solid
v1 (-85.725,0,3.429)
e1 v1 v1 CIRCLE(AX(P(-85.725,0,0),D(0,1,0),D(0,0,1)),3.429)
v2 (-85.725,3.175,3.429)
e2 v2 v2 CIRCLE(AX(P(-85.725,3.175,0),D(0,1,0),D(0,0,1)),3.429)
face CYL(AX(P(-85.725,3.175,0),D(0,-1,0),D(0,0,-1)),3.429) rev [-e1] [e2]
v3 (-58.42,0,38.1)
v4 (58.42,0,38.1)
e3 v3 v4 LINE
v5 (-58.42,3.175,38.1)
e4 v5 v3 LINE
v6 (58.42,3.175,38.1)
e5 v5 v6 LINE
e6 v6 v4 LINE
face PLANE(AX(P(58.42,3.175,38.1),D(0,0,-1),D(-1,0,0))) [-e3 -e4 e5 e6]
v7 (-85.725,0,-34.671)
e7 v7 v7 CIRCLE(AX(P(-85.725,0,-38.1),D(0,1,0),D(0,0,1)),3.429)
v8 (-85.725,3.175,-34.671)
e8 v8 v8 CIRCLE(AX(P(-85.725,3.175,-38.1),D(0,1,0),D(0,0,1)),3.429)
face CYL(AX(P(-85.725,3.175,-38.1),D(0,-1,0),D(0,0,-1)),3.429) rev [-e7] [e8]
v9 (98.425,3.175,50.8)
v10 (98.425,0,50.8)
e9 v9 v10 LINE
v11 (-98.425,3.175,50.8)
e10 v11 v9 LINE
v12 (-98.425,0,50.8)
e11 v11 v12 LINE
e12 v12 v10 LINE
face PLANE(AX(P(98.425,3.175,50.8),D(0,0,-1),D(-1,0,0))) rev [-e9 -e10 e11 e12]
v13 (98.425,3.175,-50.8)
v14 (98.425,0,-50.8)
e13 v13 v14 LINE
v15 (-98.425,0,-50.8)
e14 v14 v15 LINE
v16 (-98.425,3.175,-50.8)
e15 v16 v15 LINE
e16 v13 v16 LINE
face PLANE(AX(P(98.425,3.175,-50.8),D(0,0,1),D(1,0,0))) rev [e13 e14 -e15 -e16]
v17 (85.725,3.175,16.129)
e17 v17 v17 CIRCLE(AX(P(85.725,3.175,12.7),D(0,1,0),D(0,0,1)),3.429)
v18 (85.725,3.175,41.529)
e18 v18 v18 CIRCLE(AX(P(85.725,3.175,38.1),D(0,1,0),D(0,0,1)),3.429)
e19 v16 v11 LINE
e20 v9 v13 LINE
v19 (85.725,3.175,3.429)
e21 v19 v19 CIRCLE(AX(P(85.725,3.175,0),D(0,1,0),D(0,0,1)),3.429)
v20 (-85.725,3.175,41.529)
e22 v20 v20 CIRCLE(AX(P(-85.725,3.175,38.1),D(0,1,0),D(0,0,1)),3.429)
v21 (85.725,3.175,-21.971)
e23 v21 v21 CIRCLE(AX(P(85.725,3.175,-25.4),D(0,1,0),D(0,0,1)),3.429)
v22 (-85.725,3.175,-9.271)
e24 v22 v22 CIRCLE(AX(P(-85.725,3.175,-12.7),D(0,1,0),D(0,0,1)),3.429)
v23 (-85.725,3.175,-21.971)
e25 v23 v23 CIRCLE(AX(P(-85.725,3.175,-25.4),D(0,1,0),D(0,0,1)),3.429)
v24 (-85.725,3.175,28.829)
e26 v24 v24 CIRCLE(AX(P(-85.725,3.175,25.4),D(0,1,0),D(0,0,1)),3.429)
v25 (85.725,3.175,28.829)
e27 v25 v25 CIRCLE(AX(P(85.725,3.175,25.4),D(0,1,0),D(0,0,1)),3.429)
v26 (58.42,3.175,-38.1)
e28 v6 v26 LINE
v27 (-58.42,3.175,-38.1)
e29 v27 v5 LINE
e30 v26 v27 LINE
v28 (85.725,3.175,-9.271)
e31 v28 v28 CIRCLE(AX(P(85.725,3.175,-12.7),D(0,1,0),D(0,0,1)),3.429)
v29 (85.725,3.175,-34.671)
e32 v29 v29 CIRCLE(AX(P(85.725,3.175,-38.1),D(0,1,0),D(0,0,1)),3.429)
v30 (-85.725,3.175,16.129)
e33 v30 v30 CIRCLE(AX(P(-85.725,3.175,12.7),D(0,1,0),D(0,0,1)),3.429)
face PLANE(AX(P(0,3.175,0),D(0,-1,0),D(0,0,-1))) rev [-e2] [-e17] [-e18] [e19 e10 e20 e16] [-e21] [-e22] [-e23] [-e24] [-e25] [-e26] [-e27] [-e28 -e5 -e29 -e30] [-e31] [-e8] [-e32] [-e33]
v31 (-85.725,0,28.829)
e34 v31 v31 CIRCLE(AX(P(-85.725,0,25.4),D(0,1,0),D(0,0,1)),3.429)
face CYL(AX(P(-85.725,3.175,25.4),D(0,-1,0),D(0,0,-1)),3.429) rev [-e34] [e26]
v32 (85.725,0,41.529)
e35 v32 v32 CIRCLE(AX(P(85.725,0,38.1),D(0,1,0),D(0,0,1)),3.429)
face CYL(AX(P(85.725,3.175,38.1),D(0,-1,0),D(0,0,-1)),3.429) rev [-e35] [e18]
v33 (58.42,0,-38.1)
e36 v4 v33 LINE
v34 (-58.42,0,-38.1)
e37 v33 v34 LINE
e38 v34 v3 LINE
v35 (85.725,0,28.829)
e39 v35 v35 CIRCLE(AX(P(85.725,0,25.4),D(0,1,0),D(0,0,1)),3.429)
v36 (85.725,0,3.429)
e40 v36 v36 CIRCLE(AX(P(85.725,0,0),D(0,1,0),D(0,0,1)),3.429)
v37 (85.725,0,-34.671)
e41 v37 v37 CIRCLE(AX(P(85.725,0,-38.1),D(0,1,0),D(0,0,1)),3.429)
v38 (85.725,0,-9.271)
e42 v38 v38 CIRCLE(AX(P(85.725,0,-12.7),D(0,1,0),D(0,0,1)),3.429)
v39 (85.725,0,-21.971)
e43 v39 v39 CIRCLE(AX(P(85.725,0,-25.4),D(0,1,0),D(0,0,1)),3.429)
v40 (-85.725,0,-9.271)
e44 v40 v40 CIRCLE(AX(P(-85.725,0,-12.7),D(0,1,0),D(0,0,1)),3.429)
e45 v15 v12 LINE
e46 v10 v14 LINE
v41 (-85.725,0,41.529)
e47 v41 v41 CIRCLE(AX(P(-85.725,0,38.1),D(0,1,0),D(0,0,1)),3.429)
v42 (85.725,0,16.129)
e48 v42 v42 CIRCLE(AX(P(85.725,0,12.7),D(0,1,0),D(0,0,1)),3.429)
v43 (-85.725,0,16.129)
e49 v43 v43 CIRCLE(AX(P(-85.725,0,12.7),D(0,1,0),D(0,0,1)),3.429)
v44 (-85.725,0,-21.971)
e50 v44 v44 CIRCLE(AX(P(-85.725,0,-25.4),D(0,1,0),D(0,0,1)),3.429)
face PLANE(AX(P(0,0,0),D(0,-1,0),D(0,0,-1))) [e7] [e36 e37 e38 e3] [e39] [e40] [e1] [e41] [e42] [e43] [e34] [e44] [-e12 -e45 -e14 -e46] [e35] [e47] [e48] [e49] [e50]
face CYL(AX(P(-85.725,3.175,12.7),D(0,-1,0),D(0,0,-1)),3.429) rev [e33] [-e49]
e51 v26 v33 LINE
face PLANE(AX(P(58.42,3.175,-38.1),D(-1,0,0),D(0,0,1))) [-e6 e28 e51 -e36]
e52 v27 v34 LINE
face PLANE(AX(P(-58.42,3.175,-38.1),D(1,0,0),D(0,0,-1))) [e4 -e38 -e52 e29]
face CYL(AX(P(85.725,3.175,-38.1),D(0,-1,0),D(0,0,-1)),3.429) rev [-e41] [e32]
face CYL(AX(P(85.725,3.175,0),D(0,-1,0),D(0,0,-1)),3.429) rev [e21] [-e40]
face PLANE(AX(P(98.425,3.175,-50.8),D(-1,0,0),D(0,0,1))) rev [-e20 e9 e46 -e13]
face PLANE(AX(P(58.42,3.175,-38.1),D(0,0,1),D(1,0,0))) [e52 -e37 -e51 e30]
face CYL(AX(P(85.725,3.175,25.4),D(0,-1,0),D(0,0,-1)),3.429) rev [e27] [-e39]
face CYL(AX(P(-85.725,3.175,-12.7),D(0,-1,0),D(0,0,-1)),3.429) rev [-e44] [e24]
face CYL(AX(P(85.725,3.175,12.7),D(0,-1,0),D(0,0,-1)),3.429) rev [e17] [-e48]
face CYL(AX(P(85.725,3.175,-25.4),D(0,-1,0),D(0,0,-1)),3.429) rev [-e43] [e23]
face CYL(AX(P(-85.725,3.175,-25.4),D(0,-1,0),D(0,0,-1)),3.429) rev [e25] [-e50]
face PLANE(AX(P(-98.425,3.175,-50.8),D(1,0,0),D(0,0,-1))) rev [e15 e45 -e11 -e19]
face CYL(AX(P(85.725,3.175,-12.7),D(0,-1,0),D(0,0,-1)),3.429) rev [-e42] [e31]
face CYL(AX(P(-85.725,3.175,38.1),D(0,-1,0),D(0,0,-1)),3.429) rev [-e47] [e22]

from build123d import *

# Parameters (mm, degrees)
SKETCH1_W           = 196.85
SKETCH1_H           = 101.6
SKETCH1_R           = 3.429
SKETCH1_W_2         = 116.84
SKETCH1_H_2         = 76.2
BOSS_EXTRUDE1_DEPTH = 3.175


with BuildPart() as part:
    # Sketch1 → Boss-Extrude1 (new body)
    with BuildSketch(Plane(origin=(0, 0, 0), x_dir=(1, 0, 0), z_dir=(0, 1, 0))):
        Rectangle(SKETCH1_W, SKETCH1_H)
        with Locations(Location((-85.725, 38.1, 0), (0, 0, 270))):
            Circle(SKETCH1_R, mode=Mode.SUBTRACT)
        with Locations(Location((85.725, 38.1, 0), (0, 0, 270))):
            Circle(SKETCH1_R, mode=Mode.SUBTRACT)
        with Locations(Location((85.725, 25.4, 0), (0, 0, 270))):
            Circle(SKETCH1_R, mode=Mode.SUBTRACT)
        with Locations(Location((85.725, 12.7, 0), (0, 0, 270))):
            Circle(SKETCH1_R, mode=Mode.SUBTRACT)
        with Locations(Location((85.725, 0, 0), (0, 0, 270))):
            Circle(SKETCH1_R, mode=Mode.SUBTRACT)
        with Locations(Location((85.725, -12.7, 0), (0, 0, 270))):
            Circle(SKETCH1_R, mode=Mode.SUBTRACT)
        with Locations(Location((85.725, -25.4, 0), (0, 0, 270))):
            Circle(SKETCH1_R, mode=Mode.SUBTRACT)
        with Locations(Location((85.725, -38.1, 0), (0, 0, 270))):
            Circle(SKETCH1_R, mode=Mode.SUBTRACT)
        with Locations(Location((-85.725, 25.4, 0), (0, 0, 270))):
            Circle(SKETCH1_R, mode=Mode.SUBTRACT)
        with Locations(Location((-85.725, 12.7, 0), (0, 0, 270))):
            Circle(SKETCH1_R, mode=Mode.SUBTRACT)
        with Locations(Location((-85.725, 0, 0), (0, 0, 270))):
            Circle(SKETCH1_R, mode=Mode.SUBTRACT)
        with Locations(Location((-85.725, -12.7, 0), (0, 0, 270))):
            Circle(SKETCH1_R, mode=Mode.SUBTRACT)
        with Locations(Location((-85.725, -25.4, 0), (0, 0, 270))):
            Circle(SKETCH1_R, mode=Mode.SUBTRACT)
        with Locations(Location((-85.725, -38.1, 0), (0, 0, 270))):
            Circle(SKETCH1_R, mode=Mode.SUBTRACT)
        Rectangle(SKETCH1_W_2, SKETCH1_H_2, mode=Mode.SUBTRACT)
    extrude(amount=BOSS_EXTRUDE1_DEPTH)


solid = part.part
